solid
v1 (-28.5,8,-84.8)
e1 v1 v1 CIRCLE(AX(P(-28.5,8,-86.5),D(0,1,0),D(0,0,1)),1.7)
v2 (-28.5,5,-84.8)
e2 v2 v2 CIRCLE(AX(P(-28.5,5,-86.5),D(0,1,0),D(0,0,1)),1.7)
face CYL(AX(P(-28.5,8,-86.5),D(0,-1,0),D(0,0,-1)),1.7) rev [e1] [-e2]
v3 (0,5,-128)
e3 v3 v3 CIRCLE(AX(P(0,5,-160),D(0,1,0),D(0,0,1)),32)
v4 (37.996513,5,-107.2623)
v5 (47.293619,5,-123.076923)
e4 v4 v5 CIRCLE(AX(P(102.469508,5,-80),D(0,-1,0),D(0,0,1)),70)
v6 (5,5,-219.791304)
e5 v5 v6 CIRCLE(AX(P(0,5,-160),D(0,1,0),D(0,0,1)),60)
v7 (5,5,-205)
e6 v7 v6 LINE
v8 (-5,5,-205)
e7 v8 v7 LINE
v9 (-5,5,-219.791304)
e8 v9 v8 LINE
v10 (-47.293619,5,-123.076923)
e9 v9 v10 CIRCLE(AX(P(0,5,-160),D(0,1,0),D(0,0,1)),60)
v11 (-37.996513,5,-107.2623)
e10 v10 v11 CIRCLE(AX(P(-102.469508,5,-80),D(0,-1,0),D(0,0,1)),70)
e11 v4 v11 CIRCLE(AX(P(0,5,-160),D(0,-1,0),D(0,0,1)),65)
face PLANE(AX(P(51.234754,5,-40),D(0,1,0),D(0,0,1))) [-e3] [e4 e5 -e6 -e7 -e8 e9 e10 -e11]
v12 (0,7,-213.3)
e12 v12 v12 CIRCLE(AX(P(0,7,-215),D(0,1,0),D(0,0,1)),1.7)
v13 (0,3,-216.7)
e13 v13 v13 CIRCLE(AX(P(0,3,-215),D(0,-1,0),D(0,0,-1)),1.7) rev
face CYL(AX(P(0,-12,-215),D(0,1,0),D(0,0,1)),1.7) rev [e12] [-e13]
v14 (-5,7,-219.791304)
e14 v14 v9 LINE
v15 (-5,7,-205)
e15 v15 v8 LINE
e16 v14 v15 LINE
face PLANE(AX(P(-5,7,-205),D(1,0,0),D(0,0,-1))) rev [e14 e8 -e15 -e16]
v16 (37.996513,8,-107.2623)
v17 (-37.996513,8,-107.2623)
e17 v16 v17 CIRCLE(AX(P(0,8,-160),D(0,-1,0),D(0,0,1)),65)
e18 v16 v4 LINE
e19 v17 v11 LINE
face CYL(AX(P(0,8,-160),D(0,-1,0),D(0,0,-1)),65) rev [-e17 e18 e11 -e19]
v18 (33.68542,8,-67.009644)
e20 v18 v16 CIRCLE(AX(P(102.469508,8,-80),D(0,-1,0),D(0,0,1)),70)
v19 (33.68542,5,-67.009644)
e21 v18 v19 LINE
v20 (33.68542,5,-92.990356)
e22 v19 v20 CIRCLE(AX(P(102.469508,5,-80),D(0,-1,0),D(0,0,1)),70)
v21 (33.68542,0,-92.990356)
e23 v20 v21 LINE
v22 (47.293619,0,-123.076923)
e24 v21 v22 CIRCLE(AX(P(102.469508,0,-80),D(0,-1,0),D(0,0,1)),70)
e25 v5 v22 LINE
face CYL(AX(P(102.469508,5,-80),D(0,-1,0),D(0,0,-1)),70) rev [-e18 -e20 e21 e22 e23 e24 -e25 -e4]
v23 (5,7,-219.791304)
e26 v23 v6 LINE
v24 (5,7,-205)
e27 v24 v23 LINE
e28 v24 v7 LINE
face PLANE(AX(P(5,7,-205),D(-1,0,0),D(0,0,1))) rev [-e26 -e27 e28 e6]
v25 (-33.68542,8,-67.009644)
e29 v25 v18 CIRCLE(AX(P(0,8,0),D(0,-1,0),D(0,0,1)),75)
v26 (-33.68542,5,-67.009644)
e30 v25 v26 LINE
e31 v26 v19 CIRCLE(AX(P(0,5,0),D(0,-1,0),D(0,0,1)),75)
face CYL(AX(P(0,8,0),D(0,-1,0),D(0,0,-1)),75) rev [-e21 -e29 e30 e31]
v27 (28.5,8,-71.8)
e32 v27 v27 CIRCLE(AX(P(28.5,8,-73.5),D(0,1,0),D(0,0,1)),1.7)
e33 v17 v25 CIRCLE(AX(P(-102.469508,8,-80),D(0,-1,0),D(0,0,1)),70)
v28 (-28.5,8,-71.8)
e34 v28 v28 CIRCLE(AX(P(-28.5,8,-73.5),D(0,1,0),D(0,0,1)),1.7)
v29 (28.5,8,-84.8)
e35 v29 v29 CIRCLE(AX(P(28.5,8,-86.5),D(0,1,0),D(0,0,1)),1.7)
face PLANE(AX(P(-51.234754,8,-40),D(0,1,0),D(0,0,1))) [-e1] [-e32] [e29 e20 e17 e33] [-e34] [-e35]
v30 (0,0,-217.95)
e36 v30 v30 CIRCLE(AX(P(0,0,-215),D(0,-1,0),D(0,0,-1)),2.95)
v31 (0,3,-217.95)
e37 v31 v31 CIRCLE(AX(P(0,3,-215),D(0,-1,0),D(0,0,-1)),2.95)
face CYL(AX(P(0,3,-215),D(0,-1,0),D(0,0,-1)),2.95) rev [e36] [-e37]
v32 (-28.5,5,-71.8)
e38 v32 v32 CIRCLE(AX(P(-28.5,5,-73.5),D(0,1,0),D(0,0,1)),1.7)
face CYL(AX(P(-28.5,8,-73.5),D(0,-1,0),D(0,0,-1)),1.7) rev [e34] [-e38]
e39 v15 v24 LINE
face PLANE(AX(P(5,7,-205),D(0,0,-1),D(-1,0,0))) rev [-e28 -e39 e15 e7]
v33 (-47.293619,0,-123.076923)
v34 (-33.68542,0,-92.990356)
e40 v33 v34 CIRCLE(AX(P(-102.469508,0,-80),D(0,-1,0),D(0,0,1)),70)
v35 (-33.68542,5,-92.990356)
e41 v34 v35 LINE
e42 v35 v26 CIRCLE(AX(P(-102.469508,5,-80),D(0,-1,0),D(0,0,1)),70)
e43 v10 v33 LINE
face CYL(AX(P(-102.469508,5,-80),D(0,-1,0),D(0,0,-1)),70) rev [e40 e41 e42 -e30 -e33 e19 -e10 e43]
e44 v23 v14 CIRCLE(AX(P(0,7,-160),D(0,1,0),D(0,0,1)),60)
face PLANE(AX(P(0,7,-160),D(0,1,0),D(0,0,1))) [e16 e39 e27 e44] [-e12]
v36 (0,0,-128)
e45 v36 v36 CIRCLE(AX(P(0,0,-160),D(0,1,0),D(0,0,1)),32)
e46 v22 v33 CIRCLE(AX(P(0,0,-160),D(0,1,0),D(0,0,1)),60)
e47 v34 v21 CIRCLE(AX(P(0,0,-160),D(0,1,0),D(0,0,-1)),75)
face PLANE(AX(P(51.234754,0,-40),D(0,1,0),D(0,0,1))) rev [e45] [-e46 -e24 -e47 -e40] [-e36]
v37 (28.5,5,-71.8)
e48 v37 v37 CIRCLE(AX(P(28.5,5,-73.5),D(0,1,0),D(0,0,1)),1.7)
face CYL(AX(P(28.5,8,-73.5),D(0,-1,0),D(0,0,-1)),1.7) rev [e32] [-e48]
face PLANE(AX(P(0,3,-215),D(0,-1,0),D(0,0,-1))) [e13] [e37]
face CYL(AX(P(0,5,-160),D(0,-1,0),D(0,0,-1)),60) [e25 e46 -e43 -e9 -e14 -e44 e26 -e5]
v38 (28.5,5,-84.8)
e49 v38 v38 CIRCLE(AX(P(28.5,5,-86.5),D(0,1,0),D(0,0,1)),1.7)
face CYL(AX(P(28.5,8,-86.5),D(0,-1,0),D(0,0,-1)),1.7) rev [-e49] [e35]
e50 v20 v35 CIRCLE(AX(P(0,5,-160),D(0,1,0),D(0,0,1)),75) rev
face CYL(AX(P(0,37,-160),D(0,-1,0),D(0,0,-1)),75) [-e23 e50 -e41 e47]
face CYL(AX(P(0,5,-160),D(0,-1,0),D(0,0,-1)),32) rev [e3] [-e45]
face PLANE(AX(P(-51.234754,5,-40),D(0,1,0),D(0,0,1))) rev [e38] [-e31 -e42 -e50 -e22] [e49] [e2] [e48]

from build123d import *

# Parameters (mm, degrees)
CROQUIS1_R              = 32
SALIENTE_EXTRUIR1_DEPTH = 5
SALIENTE_EXTRUIR2_DEPTH = 2
CROQUIS3_R              = 1.7
CORTAR_EXTRUIR1_DEPTH   = 19
CROQUIS4_R              = 2.95
CORTAR_EXTRUIR2_DEPTH   = 3
CROQUIS5_R              = 1.7
CORTAR_EXTRUIR3_DEPTH   = 5
CORTAR_EXTRUIR5_DEPTH   = 37
CROQUIS7_R              = 1.7
SALIENTE_EXTRUIR3_DEPTH = 3


with BuildPart() as part:
    # Croquis1 → Saliente-Extruir1 (new body)
    with BuildSketch(Plane(origin=(0, 0, 0), x_dir=(1, 0, 0), z_dir=(0, 1, 0))):
        with BuildLine():
            ThreePointArc((-47.29361892, 36.923076923), (0, -60), (47.29361892, 36.923076923))
            ThreePointArc((47.29361892, 36.923076923), (32.46950766, 80), (47.29361892, 123.076923077))
            ThreePointArc((47.29361892, 123.076923077), (0, 220), (-47.29361892, 123.076923077))
            ThreePointArc((-47.29361892, 123.076923077), (-32.46950766, 80), (-47.29361892, 36.923076923))
        make_face()
        Circle(CROQUIS1_R, mode=Mode.SUBTRACT)
        with Locations((0, 160)):
            Circle(CROQUIS1_R, mode=Mode.SUBTRACT)
    extrude(amount=SALIENTE_EXTRUIR1_DEPTH)

    # Croquis2 → Saliente-Extruir2 (add)
    with BuildSketch(Plane(origin=(0, 5, 0), x_dir=(1, 0, 0), z_dir=(0, 1, 0))):
        with BuildLine():
            Line((5, 205), (-5, 205))
            Line((-5, 205), (-5, 219.791303716))
            ThreePointArc((-5, 219.791303716), (0, 220), (5, 219.791303716))
            Line((5, 219.791303716), (5, 205))
        make_face()
        with BuildLine():
            Line((-5, -45), (5, -45))
            Line((5, -45), (5, -59.791303716))
            ThreePointArc((5, -59.791303716), (0, -60), (-5, -59.791303716))
            Line((-5, -59.791303716), (-5, -45))
        make_face()
    extrude(amount=SALIENTE_EXTRUIR2_DEPTH)

    # Croquis3 → Cortar-Extruir1 (cut)
    with BuildSketch(Plane(origin=(0, 7, 0), x_dir=(1, 0, 0), z_dir=(0, 1, 0))):
        with Locations((0, 215)):
            Circle(CROQUIS3_R)
        with Locations((0, -55)):
            Circle(CROQUIS3_R)
    extrude(amount=-CORTAR_EXTRUIR1_DEPTH, mode=Mode.SUBTRACT)

    # Croquis4 → Cortar-Extruir2 (cut)
    with BuildSketch(Plane.XZ):
        with Locations((0, 55)):
            Circle(CROQUIS4_R)
        with Locations((0, -215)):
            Circle(CROQUIS4_R)
    extrude(amount=-CORTAR_EXTRUIR2_DEPTH, mode=Mode.SUBTRACT)

    # Croquis5 → Cortar-Extruir3 (cut)
    with BuildSketch(Plane.XZ):
        with Locations((-28.5, -73.5)):
            Circle(CROQUIS5_R)
        with Locations((-28.5, -86.5)):
            Circle(CROQUIS5_R)
        with Locations((28.5, -86.5)):
            Circle(CROQUIS5_R)
        with Locations((28.5, -73.5)):
            Circle(CROQUIS5_R)
    extrude(amount=-CORTAR_EXTRUIR3_DEPTH, mode=Mode.SUBTRACT)

    # Croquis6 → Cortar-Extruir5 (cut)
    with BuildSketch(Plane.XZ):
        with BuildLine():
            Line((65, 77.416573868), (-65, 77.416573868))
            Line((-65, 77.416573868), (-65, -122.583426132))
            ThreePointArc((-65, -122.583426132), (0, -85), (65, -122.583426132))
            Line((65, -122.583426132), (65, 77.416573868))
        make_face()
    extrude(amount=-CORTAR_EXTRUIR5_DEPTH, mode=Mode.SUBTRACT)

    # Croquis7 → Saliente-Extruir3 (add)
    with BuildSketch(Plane(origin=(0, 5, 0), x_dir=(1, 0, 0), z_dir=(0, 1, 0))):
        with BuildLine():
            ThreePointArc((37.996513473, 107.262300355), (32.867557136, 87.454427095), (33.685420375, 67.009644486))
            ThreePointArc((33.685420375, 67.009644486), (0, 75), (-33.685420375, 67.009644486))
            ThreePointArc((-33.685420375, 67.009644486), (-32.867557136, 87.454427095), (-37.996513473, 107.262300355))
            ThreePointArc((-37.996513473, 107.262300355), (0, 95), (37.996513473, 107.262300355))
        make_face()
        with Locations((-28.5, 86.5)):
            Circle(CROQUIS7_R, mode=Mode.SUBTRACT)
        with Locations((-28.5, 73.5)):
            Circle(CROQUIS7_R, mode=Mode.SUBTRACT)
        with Locations((28.5, 73.5)):
            Circle(CROQUIS7_R, mode=Mode.SUBTRACT)
        with Locations((28.5, 86.5)):
            Circle(CROQUIS7_R, mode=Mode.SUBTRACT)
    extrude(amount=SALIENTE_EXTRUIR3_DEPTH)


solid = part.part
